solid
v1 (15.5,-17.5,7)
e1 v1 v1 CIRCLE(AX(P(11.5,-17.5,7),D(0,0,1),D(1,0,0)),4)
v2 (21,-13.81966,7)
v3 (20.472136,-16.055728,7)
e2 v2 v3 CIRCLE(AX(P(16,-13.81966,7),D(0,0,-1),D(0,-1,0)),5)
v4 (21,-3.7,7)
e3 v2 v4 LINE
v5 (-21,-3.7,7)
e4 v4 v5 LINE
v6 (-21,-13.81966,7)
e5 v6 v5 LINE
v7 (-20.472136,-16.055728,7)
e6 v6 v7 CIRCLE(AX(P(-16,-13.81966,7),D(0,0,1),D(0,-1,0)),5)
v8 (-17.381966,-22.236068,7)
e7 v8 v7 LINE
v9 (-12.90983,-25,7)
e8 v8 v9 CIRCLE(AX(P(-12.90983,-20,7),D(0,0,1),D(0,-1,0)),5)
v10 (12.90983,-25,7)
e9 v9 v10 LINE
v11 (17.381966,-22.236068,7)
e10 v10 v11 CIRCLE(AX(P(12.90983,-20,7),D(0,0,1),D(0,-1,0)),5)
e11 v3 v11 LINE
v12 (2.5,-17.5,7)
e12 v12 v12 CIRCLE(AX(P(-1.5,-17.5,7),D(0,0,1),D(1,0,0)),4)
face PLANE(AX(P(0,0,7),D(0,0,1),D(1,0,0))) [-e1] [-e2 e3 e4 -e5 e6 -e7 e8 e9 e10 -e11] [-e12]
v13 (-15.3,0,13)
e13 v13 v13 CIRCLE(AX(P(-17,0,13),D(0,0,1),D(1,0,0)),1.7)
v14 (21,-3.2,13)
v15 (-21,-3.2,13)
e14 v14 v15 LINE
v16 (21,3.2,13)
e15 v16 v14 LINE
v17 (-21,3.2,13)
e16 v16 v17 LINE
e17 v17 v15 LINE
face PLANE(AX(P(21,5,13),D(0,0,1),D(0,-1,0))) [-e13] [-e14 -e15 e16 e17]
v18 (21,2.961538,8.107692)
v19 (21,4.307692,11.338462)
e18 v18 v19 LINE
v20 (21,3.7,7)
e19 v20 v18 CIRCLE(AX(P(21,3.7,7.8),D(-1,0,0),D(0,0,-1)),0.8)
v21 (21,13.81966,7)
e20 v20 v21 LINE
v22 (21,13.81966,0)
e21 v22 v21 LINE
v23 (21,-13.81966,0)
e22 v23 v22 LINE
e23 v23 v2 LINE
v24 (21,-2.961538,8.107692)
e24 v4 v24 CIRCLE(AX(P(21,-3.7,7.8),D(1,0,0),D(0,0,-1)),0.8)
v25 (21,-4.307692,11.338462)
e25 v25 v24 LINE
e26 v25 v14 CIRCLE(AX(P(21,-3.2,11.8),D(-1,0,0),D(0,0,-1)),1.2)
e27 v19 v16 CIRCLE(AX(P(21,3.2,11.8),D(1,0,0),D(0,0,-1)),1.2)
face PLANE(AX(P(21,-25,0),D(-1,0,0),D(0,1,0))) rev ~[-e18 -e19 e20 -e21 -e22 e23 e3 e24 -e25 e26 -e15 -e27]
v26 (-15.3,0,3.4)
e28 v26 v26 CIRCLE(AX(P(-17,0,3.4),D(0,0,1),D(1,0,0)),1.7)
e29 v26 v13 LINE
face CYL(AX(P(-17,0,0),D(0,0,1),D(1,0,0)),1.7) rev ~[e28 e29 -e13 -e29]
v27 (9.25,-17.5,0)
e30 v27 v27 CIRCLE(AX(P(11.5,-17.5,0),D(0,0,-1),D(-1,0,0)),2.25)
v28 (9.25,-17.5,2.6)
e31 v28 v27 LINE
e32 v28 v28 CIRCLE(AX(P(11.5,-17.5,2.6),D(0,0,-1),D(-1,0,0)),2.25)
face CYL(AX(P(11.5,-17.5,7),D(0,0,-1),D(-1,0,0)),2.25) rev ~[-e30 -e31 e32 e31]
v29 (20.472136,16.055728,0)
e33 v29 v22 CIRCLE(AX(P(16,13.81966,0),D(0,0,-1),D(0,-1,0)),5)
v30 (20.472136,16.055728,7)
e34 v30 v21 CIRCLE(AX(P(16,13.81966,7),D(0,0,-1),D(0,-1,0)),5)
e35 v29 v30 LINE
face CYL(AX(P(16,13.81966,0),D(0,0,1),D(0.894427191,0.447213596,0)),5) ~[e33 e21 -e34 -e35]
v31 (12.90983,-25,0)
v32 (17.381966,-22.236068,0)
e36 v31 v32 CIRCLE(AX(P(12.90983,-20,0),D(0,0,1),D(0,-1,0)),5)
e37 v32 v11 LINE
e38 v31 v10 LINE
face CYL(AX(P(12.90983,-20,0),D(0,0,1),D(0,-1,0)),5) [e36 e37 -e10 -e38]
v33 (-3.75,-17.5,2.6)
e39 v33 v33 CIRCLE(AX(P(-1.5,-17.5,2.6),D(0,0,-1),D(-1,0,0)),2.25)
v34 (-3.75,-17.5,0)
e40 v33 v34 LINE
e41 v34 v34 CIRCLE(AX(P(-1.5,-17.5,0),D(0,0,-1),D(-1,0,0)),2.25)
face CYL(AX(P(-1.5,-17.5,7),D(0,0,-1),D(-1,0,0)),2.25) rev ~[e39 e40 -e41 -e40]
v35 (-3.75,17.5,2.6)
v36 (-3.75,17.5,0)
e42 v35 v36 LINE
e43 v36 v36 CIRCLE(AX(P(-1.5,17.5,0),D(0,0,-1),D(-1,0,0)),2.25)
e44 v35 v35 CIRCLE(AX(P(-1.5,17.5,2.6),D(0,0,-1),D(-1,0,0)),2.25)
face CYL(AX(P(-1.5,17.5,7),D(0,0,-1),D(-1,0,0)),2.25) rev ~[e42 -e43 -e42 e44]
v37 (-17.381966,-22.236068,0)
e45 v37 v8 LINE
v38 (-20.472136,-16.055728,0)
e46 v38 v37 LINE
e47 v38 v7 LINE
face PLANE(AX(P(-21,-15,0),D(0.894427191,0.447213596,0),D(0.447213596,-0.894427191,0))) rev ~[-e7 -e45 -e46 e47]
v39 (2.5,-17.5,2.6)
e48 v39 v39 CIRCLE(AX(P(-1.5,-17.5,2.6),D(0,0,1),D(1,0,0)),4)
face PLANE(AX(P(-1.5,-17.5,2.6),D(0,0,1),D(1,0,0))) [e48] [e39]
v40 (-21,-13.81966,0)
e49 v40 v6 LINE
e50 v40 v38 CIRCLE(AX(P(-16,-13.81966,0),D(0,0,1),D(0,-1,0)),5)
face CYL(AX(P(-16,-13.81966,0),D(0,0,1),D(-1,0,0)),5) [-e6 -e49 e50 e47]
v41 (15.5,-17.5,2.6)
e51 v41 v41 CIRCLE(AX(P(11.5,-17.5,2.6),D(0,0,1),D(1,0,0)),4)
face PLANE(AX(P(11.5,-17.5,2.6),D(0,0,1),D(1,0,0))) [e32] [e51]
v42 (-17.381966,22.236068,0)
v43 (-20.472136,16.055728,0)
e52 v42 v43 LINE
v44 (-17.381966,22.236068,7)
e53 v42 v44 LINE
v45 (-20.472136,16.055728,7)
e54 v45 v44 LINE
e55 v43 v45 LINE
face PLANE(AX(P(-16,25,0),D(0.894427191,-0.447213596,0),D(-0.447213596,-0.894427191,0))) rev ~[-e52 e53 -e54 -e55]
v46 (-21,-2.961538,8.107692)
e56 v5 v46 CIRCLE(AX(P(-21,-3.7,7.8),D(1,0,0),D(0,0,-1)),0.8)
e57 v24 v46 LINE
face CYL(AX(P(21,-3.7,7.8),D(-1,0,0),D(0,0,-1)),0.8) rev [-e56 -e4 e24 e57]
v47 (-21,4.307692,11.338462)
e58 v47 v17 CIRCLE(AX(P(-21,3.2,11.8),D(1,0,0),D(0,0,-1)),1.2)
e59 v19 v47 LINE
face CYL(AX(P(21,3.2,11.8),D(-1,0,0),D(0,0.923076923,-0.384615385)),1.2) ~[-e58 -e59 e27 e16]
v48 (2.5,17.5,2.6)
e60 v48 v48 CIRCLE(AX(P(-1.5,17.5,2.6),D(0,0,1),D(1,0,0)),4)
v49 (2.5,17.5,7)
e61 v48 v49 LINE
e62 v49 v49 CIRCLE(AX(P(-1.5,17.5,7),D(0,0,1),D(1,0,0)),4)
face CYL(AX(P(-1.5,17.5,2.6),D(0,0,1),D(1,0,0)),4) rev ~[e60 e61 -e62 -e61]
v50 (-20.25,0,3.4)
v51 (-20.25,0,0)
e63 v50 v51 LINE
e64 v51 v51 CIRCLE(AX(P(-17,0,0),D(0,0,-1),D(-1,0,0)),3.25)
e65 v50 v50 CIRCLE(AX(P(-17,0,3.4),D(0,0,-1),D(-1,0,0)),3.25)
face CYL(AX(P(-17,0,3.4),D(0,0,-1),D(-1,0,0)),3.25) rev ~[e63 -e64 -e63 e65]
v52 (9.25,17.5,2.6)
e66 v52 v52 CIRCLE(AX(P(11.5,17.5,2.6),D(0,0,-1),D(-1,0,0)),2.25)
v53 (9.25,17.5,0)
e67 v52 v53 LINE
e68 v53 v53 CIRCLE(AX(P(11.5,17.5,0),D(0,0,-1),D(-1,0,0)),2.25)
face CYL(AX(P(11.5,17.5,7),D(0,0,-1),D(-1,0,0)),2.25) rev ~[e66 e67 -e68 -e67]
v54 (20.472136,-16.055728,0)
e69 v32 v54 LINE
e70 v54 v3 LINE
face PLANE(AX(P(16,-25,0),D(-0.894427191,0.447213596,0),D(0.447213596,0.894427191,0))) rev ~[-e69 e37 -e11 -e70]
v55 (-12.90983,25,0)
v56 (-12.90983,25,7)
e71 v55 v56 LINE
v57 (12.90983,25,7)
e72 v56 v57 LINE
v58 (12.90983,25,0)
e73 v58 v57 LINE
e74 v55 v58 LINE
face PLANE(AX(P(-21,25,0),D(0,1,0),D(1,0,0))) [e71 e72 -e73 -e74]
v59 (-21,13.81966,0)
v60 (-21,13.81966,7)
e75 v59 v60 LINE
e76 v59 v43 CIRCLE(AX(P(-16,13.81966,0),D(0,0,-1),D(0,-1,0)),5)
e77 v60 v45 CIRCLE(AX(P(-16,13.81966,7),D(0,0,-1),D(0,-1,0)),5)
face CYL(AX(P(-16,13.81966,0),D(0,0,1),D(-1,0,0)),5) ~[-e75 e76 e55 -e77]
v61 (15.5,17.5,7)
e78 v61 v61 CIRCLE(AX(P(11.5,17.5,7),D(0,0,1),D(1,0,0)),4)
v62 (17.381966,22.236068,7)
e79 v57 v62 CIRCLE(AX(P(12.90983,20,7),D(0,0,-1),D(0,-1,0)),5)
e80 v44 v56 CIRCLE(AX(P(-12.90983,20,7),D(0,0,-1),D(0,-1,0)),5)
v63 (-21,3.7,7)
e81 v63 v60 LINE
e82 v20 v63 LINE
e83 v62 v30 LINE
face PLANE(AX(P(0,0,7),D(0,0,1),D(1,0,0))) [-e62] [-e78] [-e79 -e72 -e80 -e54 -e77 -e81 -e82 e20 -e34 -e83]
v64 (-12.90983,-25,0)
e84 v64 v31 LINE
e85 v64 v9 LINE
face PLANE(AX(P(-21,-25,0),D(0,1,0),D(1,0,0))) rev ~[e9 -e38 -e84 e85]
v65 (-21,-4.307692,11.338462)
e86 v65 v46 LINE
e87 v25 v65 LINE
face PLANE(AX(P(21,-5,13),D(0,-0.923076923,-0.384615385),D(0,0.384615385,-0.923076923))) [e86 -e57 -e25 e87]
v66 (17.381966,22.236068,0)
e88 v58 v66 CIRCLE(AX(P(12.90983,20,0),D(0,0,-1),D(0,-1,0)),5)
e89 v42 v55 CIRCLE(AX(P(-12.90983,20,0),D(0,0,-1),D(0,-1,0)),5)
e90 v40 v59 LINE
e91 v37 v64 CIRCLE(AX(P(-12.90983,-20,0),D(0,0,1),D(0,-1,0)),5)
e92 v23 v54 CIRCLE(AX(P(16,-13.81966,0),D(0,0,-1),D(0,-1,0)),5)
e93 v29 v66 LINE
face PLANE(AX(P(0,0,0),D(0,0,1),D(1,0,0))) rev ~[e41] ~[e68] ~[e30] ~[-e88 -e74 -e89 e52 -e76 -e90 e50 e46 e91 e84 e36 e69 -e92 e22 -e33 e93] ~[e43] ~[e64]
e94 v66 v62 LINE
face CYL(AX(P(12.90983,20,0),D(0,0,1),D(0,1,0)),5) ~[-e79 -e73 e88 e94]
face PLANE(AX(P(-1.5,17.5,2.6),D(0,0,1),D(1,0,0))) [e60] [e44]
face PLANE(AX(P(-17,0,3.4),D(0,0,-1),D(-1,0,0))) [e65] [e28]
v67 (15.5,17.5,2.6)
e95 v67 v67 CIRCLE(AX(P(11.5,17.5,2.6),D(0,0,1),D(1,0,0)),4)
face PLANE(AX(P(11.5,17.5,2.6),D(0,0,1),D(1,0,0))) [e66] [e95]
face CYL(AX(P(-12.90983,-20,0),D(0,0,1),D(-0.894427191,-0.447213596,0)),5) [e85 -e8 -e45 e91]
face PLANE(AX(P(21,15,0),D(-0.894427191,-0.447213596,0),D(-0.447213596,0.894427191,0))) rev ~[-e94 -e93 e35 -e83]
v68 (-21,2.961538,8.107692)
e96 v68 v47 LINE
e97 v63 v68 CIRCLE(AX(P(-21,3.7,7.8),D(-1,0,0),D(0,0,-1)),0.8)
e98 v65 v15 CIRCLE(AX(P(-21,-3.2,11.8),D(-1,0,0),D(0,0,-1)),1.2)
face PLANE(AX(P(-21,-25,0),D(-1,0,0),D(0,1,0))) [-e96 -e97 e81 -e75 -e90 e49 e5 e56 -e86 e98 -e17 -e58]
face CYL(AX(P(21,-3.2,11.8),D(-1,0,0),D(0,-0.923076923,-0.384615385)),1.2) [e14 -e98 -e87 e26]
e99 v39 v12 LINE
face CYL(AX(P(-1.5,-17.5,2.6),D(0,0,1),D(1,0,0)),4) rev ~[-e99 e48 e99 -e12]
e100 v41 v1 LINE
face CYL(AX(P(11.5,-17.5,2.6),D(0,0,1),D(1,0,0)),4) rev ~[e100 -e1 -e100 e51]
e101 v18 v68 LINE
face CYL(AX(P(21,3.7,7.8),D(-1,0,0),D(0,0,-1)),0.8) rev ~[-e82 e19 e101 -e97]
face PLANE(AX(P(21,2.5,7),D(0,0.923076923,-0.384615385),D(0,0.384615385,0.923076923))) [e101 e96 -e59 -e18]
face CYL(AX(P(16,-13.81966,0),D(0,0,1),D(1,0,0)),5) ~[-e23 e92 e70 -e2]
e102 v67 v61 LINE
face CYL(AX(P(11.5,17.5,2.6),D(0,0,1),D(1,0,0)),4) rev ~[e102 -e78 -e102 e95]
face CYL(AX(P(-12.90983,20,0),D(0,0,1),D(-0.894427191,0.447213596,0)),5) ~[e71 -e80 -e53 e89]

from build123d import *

# Parameters (mm, degrees)
SKIZZE1_W                                            = 42
SKIZZE1_H                                            = 50
AUFSATZ_LINEAR_AUSTRAGEN1_DEPTH                      = 7
STIRNSENKUNG_F_R_M4_ZYLINDERSCHRAUBE_MIT_D           = 4.5
STIRNSENKUNG_F_R_M4_ZYLINDERSCHRAUBE_MIT_CBORE_D     = 8
STIRNSENKUNG_F_R_M4_ZYLINDERSCHRAUBE_MIT_CBORE_DEPTH = 4.4
AUFSATZ_LINEAR_AUSTRAGEN2_DEPTH                      = 42
VERRUNDUNG1_R                                        = 0.8
SCHNITT_LINEAR_AUSTRAGEN1_DEPTH                      = 14
VERRUNDUNG2_R                                        = 5
VERRUNDUNG3_R                                        = 1.2
STIRNSENKUNG_F_R_M3_ZYLINDERSCHRAUBE_MIT_D           = 3.4
STIRNSENKUNG_F_R_M3_ZYLINDERSCHRAUBE_MIT_CBORE_D     = 6.5
STIRNSENKUNG_F_R_M3_ZYLINDERSCHRAUBE_MIT_CBORE_DEPTH = 3.4


with BuildPart() as part:
    # Skizze1 → Aufsatz-Linear austragen1 (new body)
    with BuildSketch(Plane.XY):
        Rectangle(SKIZZE1_W, SKIZZE1_H)
    extrude(amount=AUFSATZ_LINEAR_AUSTRAGEN1_DEPTH)

    # Stirnsenkung für M4 Zylinderschraube mit Innensechskant1 (through all)
    with Locations(Plane.XY.offset(7)):
        with Locations((-1.5, 17.5), (11.5, 17.5), (11.5, -17.5), (-1.5, -17.5)):
            CounterBoreHole(STIRNSENKUNG_F_R_M4_ZYLINDERSCHRAUBE_MIT_D / 2, STIRNSENKUNG_F_R_M4_ZYLINDERSCHRAUBE_MIT_CBORE_D / 2, STIRNSENKUNG_F_R_M4_ZYLINDERSCHRAUBE_MIT_CBORE_DEPTH)

    # Skizze4 → Aufsatz-Linear austragen2 (add, through all)
    with BuildSketch(Plane(origin=(21, 0, 0), x_dir=(0, 0, -1), z_dir=(1, 0, 0))):
        Polygon((-7, 2.5), (-13, 5), (-13, -5), (-7, -2.5), align=None)
    extrude(amount=-AUFSATZ_LINEAR_AUSTRAGEN2_DEPTH)

    # Verrundung1
    verrundung1_edges = [part.edges().sort_by_distance(p)[0] for p in [
        (0, 2.5, 7),
        (0, -2.5, 7),
    ]]
    fillet(verrundung1_edges, radius=VERRUNDUNG1_R)

    # Skizze5 → Schnitt-Linear austragen1 (cut, through all)
    with BuildSketch(Plane(origin=(0, 0, 0), x_dir=(-1, 0, 0), z_dir=(0, 0, -1))):
        Polygon((-21, 25), (-21, 15), (-16, 25), align=None)
        Polygon((21, 25), (16, 25), (21, 15), align=None)
        Polygon((-21, -15), (-21, -25), (-16, -25), align=None)
        Polygon((16, -25), (21, -25), (21, -15), align=None)
    extrude(amount=-SCHNITT_LINEAR_AUSTRAGEN1_DEPTH, mode=Mode.SUBTRACT)

    # Verrundung2
    verrundung2_edges = [part.edges().sort_by_distance(p)[0] for p in [
        (16, 25, 3.5),
        (21, 15, 3.5),
        (-21, 15, 3.5),
        (-16, 25, 3.5),
        (21, -15, 3.5),
        (16, -25, 3.5),
        (-16, -25, 3.5),
        (-21, -15, 3.5),
    ]]
    fillet(verrundung2_edges, radius=VERRUNDUNG2_R)

    # Verrundung3
    verrundung3_edges = [part.edges().sort_by_distance(p)[0] for p in [
        (0, -5, 13),
        (0, 5, 13),
    ]]
    fillet(verrundung3_edges, radius=VERRUNDUNG3_R)

    # Stirnsenkung für M3 Zylinderschraube mit Innensechskant1 (through all)
    with Locations(Plane(origin=(0, 0, 0), x_dir=(-1, 0, 0), z_dir=(0, 0, -1))):
        with Locations((17, 0)):
            CounterBoreHole(STIRNSENKUNG_F_R_M3_ZYLINDERSCHRAUBE_MIT_D / 2, STIRNSENKUNG_F_R_M3_ZYLINDERSCHRAUBE_MIT_CBORE_D / 2, STIRNSENKUNG_F_R_M3_ZYLINDERSCHRAUBE_MIT_CBORE_DEPTH)


solid = part.part
